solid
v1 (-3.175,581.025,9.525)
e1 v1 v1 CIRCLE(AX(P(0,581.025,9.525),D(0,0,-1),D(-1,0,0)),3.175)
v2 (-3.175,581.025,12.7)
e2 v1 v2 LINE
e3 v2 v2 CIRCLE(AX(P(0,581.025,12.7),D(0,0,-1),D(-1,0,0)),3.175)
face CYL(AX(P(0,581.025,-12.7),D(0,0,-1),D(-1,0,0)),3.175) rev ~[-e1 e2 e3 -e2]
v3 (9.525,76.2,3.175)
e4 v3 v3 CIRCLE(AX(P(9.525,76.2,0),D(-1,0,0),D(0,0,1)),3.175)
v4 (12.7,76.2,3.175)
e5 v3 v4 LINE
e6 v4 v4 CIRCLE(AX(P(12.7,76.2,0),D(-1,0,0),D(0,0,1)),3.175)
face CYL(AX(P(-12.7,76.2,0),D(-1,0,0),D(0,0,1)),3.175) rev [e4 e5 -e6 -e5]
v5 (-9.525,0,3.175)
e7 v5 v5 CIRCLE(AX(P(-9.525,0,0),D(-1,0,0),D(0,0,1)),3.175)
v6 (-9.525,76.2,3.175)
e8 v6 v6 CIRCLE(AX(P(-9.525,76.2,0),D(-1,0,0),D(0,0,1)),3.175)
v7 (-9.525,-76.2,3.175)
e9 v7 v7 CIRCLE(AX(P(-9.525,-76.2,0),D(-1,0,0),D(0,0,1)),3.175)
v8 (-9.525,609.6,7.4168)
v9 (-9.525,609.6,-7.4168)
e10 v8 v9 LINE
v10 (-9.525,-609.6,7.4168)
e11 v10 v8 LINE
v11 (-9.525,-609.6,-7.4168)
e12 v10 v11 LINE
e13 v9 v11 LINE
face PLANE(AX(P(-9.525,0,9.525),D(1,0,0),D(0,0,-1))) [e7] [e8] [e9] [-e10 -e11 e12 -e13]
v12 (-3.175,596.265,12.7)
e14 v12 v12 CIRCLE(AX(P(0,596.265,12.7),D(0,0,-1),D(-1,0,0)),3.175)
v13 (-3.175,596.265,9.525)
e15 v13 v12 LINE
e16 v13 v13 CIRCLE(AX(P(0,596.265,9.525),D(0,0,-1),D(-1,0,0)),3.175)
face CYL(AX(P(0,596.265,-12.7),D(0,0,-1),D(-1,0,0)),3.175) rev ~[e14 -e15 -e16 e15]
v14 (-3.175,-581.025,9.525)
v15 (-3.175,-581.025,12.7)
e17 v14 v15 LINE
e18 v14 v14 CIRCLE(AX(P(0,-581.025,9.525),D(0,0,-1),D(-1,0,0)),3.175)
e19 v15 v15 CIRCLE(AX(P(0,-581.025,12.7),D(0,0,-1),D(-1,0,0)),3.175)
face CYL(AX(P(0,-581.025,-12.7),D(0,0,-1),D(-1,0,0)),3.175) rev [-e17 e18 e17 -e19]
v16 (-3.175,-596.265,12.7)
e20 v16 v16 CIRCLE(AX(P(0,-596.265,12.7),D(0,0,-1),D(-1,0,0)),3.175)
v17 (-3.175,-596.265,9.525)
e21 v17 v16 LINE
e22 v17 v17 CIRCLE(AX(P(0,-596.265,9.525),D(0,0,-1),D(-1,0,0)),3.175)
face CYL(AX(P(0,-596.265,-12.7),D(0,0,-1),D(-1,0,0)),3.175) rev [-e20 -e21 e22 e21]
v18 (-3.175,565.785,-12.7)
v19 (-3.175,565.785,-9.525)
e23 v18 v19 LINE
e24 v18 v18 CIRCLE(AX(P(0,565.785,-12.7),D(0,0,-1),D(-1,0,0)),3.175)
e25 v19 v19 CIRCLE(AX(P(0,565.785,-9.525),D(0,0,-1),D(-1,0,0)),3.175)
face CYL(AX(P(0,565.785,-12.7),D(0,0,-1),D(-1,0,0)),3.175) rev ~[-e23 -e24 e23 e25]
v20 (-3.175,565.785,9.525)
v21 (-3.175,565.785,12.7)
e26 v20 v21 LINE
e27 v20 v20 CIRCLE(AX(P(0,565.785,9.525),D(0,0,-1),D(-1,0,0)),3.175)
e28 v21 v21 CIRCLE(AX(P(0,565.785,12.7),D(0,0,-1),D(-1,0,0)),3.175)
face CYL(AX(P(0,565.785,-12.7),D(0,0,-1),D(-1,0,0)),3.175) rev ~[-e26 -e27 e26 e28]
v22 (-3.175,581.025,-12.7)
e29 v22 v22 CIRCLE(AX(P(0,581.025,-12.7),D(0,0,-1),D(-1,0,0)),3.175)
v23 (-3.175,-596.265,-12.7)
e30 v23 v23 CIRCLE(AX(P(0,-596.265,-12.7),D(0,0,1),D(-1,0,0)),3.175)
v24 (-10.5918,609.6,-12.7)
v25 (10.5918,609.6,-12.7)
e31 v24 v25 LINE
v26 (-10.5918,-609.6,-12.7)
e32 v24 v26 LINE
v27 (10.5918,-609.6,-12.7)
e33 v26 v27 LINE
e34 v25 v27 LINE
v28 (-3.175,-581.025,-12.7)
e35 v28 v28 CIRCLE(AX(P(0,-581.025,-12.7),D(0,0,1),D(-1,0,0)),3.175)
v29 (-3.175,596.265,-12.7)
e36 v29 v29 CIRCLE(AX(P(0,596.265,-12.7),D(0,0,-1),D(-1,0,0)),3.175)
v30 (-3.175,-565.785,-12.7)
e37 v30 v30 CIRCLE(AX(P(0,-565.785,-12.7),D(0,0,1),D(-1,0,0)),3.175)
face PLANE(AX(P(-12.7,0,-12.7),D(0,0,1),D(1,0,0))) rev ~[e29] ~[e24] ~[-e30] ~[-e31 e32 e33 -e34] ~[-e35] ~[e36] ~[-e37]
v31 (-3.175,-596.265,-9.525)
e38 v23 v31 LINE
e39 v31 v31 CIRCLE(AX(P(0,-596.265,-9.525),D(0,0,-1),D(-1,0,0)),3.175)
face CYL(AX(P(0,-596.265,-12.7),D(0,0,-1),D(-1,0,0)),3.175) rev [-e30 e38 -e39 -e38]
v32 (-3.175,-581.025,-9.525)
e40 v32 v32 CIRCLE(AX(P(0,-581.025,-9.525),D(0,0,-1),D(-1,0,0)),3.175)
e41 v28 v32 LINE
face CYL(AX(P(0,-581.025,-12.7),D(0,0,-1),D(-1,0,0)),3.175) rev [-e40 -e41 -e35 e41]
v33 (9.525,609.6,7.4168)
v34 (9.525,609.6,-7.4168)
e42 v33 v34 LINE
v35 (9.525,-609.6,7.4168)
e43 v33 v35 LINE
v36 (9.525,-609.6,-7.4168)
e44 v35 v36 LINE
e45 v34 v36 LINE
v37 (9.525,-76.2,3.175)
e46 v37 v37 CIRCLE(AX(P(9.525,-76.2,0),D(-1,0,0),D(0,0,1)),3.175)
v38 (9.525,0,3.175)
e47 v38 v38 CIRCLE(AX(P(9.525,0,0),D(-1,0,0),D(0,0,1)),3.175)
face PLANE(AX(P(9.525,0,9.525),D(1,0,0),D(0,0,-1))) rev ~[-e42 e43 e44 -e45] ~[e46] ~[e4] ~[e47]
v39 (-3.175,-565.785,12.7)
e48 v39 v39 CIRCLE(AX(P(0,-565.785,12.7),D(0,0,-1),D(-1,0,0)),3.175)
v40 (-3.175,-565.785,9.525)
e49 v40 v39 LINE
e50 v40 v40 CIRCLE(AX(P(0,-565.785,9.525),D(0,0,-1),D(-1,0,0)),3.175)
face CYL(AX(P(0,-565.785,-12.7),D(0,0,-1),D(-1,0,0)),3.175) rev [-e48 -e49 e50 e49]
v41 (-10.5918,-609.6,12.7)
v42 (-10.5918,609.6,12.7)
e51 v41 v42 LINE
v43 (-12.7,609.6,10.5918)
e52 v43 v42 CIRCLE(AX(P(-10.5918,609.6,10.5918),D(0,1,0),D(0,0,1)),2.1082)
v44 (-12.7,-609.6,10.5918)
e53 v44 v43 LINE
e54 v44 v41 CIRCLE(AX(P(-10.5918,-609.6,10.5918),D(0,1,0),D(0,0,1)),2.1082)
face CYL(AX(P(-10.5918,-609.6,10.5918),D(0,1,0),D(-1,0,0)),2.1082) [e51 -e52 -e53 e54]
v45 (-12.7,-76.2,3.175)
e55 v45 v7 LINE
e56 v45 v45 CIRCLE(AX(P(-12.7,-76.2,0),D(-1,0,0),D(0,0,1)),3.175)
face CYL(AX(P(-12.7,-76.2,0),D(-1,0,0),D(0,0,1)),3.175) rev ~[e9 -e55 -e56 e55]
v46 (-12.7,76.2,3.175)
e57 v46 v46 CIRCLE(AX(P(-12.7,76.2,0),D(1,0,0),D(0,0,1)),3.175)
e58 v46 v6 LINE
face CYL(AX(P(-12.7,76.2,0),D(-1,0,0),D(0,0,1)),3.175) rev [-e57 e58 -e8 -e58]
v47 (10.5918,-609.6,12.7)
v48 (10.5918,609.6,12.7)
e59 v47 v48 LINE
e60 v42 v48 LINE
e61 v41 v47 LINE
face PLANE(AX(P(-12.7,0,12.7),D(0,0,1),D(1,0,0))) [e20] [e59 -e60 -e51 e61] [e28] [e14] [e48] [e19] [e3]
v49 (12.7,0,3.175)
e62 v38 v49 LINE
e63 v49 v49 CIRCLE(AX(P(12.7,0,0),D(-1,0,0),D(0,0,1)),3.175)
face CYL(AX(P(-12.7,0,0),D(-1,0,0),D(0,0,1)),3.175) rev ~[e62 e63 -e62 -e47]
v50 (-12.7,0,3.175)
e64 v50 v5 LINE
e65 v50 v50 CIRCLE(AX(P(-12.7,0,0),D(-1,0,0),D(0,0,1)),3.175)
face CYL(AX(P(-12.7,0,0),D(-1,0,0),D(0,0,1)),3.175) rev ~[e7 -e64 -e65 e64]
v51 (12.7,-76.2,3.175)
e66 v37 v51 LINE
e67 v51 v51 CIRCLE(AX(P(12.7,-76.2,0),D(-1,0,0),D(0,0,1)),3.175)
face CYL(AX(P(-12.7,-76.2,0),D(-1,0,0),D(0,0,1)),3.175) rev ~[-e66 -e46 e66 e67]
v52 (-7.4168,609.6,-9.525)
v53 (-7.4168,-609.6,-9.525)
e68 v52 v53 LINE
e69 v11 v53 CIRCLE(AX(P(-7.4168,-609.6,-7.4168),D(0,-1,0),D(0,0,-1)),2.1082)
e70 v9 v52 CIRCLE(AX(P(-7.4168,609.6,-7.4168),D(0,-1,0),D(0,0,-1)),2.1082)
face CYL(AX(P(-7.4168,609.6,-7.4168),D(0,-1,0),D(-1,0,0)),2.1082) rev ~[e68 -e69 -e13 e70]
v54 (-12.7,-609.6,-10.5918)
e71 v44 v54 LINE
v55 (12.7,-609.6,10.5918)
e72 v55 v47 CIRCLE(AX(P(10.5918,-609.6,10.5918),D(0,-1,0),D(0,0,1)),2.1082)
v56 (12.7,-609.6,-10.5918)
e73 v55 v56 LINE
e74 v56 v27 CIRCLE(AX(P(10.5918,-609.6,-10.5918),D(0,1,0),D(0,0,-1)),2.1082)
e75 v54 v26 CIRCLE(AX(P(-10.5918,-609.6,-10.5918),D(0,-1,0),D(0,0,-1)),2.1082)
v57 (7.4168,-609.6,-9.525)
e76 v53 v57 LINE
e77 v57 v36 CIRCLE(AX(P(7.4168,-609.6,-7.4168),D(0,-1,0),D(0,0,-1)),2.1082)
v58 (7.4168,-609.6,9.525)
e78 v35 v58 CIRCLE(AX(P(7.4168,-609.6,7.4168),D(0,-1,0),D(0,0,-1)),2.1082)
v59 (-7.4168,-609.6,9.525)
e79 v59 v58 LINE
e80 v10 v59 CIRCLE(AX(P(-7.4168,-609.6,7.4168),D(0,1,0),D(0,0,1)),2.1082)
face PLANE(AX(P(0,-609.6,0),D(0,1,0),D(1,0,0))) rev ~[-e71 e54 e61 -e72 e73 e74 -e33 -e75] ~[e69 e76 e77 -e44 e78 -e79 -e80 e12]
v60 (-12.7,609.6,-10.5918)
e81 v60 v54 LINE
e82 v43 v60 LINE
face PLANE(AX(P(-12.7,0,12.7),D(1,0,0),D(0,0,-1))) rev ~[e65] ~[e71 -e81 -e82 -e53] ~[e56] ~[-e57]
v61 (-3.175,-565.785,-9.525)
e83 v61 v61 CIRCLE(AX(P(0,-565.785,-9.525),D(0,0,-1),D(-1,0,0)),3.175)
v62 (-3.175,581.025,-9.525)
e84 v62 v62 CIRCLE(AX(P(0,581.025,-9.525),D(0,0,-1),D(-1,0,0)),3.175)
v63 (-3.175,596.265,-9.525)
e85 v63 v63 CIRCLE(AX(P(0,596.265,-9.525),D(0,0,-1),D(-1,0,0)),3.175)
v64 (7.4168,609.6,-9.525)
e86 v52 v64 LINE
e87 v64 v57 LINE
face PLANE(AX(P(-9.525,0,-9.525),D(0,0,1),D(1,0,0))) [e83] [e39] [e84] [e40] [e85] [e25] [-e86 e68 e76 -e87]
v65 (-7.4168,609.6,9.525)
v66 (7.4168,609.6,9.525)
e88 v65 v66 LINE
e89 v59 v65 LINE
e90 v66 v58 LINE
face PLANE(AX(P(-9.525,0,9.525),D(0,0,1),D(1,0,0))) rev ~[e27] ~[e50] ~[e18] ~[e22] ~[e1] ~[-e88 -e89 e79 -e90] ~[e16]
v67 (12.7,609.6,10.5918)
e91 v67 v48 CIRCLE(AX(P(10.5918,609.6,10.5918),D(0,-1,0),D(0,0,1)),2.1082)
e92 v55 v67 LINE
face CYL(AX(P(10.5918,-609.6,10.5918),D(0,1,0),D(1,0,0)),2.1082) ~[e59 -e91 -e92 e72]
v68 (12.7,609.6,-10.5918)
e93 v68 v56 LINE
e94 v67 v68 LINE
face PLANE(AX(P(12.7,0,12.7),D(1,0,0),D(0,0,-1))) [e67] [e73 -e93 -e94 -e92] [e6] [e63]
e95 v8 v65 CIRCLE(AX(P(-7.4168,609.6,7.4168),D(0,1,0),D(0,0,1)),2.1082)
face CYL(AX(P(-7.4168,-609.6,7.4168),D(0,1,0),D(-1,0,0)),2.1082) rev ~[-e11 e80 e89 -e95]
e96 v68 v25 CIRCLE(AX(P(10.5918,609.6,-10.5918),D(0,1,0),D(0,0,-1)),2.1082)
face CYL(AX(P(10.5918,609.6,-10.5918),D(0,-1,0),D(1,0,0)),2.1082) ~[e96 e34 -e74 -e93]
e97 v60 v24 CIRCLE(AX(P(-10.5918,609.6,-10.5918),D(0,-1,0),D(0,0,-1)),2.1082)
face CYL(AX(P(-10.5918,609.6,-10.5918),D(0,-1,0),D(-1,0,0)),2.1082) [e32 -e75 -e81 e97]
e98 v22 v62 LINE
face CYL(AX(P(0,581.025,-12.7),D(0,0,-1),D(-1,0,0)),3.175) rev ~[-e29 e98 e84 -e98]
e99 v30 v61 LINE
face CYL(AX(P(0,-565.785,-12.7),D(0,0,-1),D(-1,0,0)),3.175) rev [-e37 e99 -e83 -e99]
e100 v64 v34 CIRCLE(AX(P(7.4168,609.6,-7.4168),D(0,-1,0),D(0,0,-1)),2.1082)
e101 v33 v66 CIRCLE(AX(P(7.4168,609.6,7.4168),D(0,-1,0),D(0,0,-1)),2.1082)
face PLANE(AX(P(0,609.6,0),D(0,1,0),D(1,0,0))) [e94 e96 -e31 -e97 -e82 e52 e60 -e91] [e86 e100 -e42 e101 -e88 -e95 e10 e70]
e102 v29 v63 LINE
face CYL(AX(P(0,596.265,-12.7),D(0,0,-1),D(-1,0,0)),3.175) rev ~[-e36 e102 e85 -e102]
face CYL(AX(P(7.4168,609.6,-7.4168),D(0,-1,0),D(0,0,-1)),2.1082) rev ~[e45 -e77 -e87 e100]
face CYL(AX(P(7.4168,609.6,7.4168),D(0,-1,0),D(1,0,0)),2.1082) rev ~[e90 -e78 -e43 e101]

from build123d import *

# Parameters (mm, degrees)
SKETCH1_W           = 25.4
SKETCH1_H           = 25.4
SKETCH1_W_2         = 19.05
SKETCH1_H_2         = 19.05
BOSS_EXTRUDE1_DEPTH = 609.6
FILLET1_R           = 2.1082
SKETCH6_R           = 3.175
CUT_EXTRUDE5_DEPTH  = 611.261099858
SKETCH7_R           = 3.175
CUT_EXTRUDE6_DEPTH  = 611.261099858
SKETCH8_R           = 3.175
CUT_EXTRUDE7_DEPTH  = 611.261099858


with BuildPart() as part:
    # Sketch1 → Boss-Extrude1 (new, symmetric)
    with BuildSketch(Plane(origin=(0, 0, 0), x_dir=(1, 0, 0), z_dir=(0, 1, 0))):
        Rectangle(SKETCH1_W, SKETCH1_H)
        Rectangle(SKETCH1_W_2, SKETCH1_H_2, mode=Mode.SUBTRACT)
    extrude(amount=BOSS_EXTRUDE1_DEPTH, both=True)

    # Fillet1
    fillet1_edges = [part.edges().sort_by_distance(p)[0] for p in [
        (9.525, 0, 9.525),
        (9.525, 0, -9.525),
        (-9.525, 0, -9.525),
        (-9.525, 0, 9.525),
        (-12.7, 0, -12.7),
        (12.7, 0, -12.7),
        (12.7, 0, 12.7),
        (-12.7, 0, 12.7),
    ]]
    fillet(fillet1_edges, radius=FILLET1_R)

    # Sketch6 → Cut-Extrude5 (cut, through all)
    with BuildSketch(Plane(origin=(0, 0, -12.7), x_dir=(-1, 0, 0), z_dir=(0, 0, -1))):
        with Locations((0, 565.785)):
            Circle(SKETCH6_R)
        with Locations((0, 581.025)):
            Circle(SKETCH6_R)
        with Locations((0, 596.265)):
            Circle(SKETCH6_R)
    cut_extrude5 = extrude(amount=-CUT_EXTRUDE5_DEPTH, mode=Mode.SUBTRACT)

    # Sketch7 → Cut-Extrude6 (cut, through all)
    with BuildSketch(Plane.ZY.offset(12.7)):
        Circle(SKETCH7_R)
    extrude(amount=-CUT_EXTRUDE6_DEPTH, mode=Mode.SUBTRACT)

    # Sketch8 → Cut-Extrude7 (cut, through all)
    with BuildSketch(Plane.ZY.offset(12.7)):
        with Locations((0, -76.2)):
            Circle(SKETCH8_R)
    cut_extrude7 = extrude(amount=-CUT_EXTRUDE7_DEPTH, mode=Mode.SUBTRACT)

    # Mirror1: Cut-Extrude7 across plane
    add(cut_extrude7.mirror(Plane.ZX), mode=Mode.SUBTRACT)

    # Mirror2: Cut-Extrude5 across plane
    add(cut_extrude5.mirror(Plane.ZX), mode=Mode.SUBTRACT)


solid = part.part
